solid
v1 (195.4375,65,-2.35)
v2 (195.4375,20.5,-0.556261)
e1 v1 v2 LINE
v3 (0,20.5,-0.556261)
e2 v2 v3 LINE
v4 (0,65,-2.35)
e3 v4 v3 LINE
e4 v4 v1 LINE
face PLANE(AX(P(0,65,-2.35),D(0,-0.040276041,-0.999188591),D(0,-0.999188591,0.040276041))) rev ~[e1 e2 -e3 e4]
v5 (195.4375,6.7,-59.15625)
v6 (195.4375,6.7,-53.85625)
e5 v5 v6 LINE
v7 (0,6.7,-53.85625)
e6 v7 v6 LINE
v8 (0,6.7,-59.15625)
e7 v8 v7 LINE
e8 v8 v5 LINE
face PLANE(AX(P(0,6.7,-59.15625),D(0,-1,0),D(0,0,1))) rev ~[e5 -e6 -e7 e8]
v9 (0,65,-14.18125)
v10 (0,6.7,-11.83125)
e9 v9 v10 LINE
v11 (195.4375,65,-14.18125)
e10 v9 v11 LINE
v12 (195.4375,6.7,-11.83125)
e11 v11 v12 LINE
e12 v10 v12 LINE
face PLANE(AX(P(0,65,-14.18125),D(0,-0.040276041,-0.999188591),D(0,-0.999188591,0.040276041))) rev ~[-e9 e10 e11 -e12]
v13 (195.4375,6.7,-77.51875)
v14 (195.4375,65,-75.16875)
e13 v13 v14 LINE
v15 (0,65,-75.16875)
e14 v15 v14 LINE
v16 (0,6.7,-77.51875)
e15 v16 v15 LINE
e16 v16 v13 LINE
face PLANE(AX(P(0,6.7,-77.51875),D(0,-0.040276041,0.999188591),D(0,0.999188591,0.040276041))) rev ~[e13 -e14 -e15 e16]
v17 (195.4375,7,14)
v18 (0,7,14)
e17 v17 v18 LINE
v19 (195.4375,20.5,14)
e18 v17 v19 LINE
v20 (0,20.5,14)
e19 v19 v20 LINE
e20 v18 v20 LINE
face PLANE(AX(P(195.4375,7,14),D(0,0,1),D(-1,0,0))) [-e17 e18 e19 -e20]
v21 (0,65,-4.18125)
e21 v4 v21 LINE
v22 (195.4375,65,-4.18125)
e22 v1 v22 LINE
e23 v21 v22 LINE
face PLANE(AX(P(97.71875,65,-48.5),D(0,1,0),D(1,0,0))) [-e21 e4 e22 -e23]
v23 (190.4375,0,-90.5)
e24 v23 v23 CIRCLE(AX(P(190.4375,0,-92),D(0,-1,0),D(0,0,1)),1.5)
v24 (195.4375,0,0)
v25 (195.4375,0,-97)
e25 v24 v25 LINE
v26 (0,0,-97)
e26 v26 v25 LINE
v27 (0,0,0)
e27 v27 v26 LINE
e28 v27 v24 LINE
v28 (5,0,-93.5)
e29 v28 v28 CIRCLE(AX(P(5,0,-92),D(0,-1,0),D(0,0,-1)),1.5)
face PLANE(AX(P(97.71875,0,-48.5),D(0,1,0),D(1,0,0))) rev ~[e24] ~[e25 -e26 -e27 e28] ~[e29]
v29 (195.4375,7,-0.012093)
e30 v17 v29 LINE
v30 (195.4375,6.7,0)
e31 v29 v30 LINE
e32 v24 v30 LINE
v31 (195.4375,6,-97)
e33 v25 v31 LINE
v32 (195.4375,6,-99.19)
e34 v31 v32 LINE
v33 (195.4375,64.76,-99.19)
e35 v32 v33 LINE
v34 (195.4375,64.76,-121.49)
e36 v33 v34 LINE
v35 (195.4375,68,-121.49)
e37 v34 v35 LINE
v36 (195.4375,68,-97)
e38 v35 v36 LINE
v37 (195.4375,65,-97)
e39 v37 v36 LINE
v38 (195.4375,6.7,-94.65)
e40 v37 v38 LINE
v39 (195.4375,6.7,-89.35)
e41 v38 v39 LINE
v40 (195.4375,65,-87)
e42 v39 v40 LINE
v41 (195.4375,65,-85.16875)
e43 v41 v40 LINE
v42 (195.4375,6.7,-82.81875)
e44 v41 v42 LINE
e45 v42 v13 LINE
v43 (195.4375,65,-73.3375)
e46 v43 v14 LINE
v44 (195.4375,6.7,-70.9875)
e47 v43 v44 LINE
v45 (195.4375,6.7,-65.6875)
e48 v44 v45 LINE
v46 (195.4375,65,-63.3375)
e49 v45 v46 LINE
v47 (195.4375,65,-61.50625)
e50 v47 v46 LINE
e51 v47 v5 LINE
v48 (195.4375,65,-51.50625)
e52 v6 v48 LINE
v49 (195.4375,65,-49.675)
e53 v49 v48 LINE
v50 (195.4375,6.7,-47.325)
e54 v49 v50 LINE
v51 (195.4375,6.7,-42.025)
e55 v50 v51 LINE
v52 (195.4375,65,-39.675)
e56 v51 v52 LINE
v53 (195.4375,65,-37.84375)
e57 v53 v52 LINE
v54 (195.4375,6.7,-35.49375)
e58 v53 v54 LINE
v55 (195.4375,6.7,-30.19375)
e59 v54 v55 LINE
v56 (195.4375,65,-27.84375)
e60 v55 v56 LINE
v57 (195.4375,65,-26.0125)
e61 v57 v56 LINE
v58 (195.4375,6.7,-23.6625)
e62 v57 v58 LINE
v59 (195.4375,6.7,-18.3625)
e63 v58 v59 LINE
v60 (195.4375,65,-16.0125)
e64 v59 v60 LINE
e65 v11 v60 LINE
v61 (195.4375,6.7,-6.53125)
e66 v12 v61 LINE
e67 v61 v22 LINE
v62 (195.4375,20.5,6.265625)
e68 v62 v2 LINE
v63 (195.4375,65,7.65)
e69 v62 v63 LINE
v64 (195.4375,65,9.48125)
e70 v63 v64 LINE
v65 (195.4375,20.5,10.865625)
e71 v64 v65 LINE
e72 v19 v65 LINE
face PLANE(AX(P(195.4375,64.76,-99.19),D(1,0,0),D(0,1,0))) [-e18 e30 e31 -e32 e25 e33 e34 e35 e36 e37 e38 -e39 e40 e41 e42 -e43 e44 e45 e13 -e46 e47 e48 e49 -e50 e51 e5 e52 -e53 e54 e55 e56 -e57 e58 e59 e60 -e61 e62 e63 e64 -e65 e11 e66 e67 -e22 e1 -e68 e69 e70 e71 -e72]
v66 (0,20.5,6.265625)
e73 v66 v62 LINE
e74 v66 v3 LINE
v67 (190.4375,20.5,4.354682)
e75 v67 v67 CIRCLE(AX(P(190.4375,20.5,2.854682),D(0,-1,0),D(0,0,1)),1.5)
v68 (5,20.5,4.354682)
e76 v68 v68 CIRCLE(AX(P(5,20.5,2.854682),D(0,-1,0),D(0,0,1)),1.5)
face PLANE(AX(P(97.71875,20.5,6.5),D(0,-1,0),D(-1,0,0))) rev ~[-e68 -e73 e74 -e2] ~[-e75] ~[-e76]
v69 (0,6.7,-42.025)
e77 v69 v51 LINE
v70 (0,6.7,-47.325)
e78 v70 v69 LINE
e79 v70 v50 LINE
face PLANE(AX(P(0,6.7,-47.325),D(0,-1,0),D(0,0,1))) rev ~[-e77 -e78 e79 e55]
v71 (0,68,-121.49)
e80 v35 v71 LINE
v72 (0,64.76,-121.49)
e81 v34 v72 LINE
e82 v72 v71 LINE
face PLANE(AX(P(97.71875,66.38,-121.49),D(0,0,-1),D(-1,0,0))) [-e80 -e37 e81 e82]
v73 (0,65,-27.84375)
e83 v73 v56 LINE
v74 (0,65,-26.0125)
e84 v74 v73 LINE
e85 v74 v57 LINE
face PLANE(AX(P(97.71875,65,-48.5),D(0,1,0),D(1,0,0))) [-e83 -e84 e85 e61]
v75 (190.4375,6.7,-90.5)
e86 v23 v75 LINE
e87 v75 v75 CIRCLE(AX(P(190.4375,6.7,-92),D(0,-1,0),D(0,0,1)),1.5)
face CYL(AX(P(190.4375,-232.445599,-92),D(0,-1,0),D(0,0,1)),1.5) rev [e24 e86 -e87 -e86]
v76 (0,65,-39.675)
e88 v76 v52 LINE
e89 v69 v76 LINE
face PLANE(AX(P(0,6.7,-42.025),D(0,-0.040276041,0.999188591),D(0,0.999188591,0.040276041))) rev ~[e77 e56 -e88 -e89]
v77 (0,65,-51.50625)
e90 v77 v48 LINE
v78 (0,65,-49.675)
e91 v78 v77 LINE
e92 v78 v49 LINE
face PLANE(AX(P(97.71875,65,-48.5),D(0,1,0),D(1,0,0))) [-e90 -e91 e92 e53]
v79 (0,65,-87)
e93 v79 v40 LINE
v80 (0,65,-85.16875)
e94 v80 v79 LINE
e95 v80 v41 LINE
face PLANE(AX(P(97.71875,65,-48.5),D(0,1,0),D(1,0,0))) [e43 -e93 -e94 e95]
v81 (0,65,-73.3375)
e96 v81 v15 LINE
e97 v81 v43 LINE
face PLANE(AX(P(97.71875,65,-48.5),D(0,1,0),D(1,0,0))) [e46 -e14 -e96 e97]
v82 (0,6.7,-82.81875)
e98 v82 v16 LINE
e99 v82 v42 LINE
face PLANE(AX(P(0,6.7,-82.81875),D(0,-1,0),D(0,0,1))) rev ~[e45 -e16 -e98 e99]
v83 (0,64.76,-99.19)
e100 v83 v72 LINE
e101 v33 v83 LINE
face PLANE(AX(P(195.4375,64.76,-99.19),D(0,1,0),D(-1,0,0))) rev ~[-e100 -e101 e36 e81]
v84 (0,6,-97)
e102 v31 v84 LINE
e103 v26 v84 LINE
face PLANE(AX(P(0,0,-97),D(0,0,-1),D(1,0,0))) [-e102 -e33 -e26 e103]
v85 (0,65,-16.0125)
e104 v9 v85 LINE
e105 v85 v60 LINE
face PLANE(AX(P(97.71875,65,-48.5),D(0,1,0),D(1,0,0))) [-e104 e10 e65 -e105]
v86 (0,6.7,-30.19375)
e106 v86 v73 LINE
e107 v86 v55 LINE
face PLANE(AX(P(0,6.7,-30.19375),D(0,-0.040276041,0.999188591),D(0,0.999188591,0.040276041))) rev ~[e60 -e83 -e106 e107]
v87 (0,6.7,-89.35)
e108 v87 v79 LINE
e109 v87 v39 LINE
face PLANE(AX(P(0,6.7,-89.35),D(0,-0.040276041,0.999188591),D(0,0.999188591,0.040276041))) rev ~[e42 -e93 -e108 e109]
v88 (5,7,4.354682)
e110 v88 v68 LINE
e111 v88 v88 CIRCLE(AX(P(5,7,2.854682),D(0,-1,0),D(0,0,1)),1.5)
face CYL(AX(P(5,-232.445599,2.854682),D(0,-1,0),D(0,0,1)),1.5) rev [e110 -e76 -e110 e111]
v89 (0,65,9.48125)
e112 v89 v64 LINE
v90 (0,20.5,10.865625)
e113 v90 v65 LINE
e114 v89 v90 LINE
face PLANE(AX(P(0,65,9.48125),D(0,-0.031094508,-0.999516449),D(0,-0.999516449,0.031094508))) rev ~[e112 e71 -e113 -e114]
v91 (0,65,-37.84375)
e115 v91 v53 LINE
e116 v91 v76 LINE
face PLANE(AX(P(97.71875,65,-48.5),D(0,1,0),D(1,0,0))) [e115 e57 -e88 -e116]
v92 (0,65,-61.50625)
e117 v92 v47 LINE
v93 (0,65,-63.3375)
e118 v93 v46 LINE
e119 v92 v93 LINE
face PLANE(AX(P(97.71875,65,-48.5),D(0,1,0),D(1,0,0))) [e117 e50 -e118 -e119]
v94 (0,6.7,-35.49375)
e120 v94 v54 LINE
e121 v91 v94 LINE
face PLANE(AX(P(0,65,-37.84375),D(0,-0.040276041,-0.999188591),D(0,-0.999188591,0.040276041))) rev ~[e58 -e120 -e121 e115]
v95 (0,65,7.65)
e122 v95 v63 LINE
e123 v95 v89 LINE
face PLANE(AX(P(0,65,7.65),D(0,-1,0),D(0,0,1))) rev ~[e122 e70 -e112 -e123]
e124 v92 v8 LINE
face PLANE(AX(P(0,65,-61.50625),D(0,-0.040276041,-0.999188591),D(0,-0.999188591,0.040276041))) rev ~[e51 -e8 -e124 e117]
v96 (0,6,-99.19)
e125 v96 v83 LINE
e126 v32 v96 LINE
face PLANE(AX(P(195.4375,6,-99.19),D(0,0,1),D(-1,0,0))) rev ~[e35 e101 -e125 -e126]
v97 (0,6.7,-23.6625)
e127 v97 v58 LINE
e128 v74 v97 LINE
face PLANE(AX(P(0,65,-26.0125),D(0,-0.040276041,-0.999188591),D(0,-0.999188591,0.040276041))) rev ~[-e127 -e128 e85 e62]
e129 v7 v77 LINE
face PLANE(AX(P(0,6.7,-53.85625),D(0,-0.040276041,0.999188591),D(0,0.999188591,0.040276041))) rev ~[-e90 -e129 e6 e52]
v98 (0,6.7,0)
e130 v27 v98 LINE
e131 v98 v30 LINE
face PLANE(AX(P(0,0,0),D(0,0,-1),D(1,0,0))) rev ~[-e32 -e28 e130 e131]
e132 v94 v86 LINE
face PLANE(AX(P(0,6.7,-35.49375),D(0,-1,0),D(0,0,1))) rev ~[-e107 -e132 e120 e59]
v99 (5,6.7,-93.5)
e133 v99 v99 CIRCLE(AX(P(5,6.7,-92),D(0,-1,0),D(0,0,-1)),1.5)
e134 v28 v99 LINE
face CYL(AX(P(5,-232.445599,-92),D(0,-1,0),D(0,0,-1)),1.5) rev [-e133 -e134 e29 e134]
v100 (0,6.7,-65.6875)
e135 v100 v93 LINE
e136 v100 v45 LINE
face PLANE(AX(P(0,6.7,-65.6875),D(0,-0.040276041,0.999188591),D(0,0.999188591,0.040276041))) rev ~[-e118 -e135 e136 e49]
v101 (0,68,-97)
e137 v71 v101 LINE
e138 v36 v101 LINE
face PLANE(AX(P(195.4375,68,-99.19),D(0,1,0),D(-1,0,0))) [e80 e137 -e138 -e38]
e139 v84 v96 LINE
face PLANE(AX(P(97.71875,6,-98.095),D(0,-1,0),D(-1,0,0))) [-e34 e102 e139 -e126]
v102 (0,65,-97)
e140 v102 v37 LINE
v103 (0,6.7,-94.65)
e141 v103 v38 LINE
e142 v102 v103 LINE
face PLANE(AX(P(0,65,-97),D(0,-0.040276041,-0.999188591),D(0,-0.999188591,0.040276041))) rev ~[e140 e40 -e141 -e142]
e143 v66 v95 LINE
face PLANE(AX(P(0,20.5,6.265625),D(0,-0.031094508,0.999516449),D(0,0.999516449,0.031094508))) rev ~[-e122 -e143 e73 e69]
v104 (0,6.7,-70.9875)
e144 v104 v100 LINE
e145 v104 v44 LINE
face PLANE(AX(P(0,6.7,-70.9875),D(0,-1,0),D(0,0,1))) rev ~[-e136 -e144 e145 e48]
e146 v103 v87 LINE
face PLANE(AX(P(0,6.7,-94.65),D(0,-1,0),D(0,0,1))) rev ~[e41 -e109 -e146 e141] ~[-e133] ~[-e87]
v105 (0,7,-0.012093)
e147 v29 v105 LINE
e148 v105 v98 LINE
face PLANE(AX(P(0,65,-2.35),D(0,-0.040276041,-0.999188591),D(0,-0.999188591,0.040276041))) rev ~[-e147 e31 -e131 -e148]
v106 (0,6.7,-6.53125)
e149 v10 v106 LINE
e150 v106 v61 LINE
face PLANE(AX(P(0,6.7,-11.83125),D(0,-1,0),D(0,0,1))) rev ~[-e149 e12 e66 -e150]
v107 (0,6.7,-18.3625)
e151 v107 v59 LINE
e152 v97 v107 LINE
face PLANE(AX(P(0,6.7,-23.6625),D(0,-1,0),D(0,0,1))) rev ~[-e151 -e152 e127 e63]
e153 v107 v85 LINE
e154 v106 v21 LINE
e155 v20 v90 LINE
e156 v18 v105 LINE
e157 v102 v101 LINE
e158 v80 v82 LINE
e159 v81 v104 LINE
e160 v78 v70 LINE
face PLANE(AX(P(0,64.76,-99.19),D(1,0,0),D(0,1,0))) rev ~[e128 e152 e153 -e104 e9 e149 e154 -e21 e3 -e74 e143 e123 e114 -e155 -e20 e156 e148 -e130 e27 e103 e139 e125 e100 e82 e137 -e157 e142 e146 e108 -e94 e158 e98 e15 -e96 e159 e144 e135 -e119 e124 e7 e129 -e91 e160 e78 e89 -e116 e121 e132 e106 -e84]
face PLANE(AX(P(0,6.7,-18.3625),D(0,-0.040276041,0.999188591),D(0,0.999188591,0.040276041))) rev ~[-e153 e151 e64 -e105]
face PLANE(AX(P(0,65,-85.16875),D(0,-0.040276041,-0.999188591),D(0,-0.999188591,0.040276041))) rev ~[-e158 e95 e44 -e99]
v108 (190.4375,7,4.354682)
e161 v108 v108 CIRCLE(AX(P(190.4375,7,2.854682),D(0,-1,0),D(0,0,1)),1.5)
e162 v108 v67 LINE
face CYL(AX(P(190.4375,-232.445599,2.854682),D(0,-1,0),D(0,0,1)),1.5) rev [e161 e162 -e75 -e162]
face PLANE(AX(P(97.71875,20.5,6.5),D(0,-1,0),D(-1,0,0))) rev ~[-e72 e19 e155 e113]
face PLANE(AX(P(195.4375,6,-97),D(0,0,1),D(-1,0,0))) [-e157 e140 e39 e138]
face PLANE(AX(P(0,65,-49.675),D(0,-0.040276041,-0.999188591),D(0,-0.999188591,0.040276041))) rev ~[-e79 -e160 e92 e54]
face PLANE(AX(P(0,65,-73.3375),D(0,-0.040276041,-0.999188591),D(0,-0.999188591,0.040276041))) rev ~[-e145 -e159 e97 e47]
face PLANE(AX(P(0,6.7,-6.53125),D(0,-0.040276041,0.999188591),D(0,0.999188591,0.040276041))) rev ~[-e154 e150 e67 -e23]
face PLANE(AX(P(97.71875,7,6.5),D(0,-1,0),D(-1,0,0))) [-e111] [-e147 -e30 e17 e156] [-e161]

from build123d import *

# Parameters (mm, degrees)
SKETCH1_W               = 195.4375
SKETCH1_H               = 97
BOSS_EXTRUDE1_DEPTH     = 65
CUT_EXTRUDE1_DEPTH      = 228.661626996
SKETCH4_W               = 195.4375
SKETCH4_H               = 15
BOSS_EXTRUDE2_DEPTH     = 13.5
BOSS_EXTRUDE3_DEPTH     = 195.4375
SKETCH6_W               = 195.4375
SKETCH6_H               = 2.19
BOSS_EXTRUDE4_DEPTH     = 62
SKETCH7_W               = 195.4375
SKETCH7_H               = 3.24
BOSS_EXTRUDE5_DEPTH     = 22.3
CUT_EXTRUDE2_DEPTH      = 239.145599385
CUT_EXTRUDE2_DEPTH_BACK = 239.145599385
SKETCH8_R               = 1.5


with BuildPart() as part:
    # Sketch1 → Boss-Extrude1 (new body)
    with BuildSketch(Plane(origin=(0, 0, 0), x_dir=(1, 0, 0), z_dir=(0, 1, 0))):
        with Locations((97.71875, 48.5)):
            Rectangle(SKETCH1_W, SKETCH1_H)
    extrude(amount=BOSS_EXTRUDE1_DEPTH)

    # Sketch2 → Cut-Extrude1 (cut, through all)
    with BuildSketch(Plane.ZY):
        Polygon((-97, 65), (-94.65, 6.7), (-89.35, 6.7), (-87, 65), align=None)
        Polygon((-75.16875, 65), (-85.16875, 65), (-82.81875, 6.7), (-77.51875, 6.7), align=None)
        Polygon((-63.3375, 65), (-73.3375, 65), (-70.9875, 6.7), (-65.6875, 6.7), align=None)
        Polygon((-51.50625, 65), (-61.50625, 65), (-59.15625, 6.7), (-53.85625, 6.7), align=None)
        Polygon((-39.675, 65), (-49.675, 65), (-47.325, 6.7), (-42.025, 6.7), align=None)
        Polygon((-27.84375, 65), (-37.84375, 65), (-35.49375, 6.7), (-30.19375, 6.7), align=None)
        Polygon((-16.0125, 65), (-26.0125, 65), (-23.6625, 6.7), (-18.3625, 6.7), align=None)
        Polygon((-4.18125, 65), (-14.18125, 65), (-11.83125, 6.7), (-6.53125, 6.7), align=None)
        Polygon((7.65, 65), (-2.35, 65), (0, 6.7), (5.3, 6.7), align=None)
    extrude(amount=-CUT_EXTRUDE1_DEPTH, mode=Mode.SUBTRACT)

    # Sketch4 → Boss-Extrude2 (add)
    with BuildSketch(Plane(origin=(0, 7, 0), x_dir=(-1, 0, 0), z_dir=(0, -1, 0))):
        with Locations((-97.71875, -6.5)):
            Rectangle(SKETCH4_W, SKETCH4_H)
    extrude(amount=-BOSS_EXTRUDE2_DEPTH)

    # Sketch5 → Boss-Extrude3 (add)
    with BuildSketch(Plane.ZY):
        Polygon((6.265625, 20.5), (7.65, 65), (9.48125, 65), (10.865625, 20.5), align=None)
    extrude(amount=-BOSS_EXTRUDE3_DEPTH)

    # Sketch6 → Boss-Extrude4 (add)
    with BuildSketch(Plane(origin=(0, 6, 0), x_dir=(-1, 0, 0), z_dir=(0, -1, 0))):
        with Locations((-97.71875, 98.095)):
            Rectangle(SKETCH6_W, SKETCH6_H)
    extrude(amount=-BOSS_EXTRUDE4_DEPTH)

    # Sketch7 → Boss-Extrude5 (add)
    with BuildSketch(Plane(origin=(0, 0, -99.19), x_dir=(-1, 0, 0), z_dir=(0, 0, -1))):
        with Locations((-97.71875, 66.38)):
            Rectangle(SKETCH7_W, SKETCH7_H)
    extrude(amount=BOSS_EXTRUDE5_DEPTH)

    # Sketch8 → Cut-Extrude2 (cut, two sides: drawn at the far end of the back side and taken through both)
    with BuildSketch(Plane(origin=(0, 6.7, 0), x_dir=(1, 0, 0), z_dir=(0, 1, 0)).offset(-CUT_EXTRUDE2_DEPTH_BACK)):
        with Locations(Location((190.4375, 92, 0), (0, 0, 270))):
            Circle(SKETCH8_R)
        with Locations(Location((190.4375, -2.85468214, 0), (0, 0, 270))):
            Circle(SKETCH8_R)
        with Locations(Location((5, 92, 0), (0, 0, 90))):
            Circle(SKETCH8_R)
        with Locations(Location((5, -2.85468214, 0), (0, 0, 270))):
            Circle(SKETCH8_R)
    extrude(amount=CUT_EXTRUDE2_DEPTH + CUT_EXTRUDE2_DEPTH_BACK, mode=Mode.SUBTRACT)


solid = part.part
